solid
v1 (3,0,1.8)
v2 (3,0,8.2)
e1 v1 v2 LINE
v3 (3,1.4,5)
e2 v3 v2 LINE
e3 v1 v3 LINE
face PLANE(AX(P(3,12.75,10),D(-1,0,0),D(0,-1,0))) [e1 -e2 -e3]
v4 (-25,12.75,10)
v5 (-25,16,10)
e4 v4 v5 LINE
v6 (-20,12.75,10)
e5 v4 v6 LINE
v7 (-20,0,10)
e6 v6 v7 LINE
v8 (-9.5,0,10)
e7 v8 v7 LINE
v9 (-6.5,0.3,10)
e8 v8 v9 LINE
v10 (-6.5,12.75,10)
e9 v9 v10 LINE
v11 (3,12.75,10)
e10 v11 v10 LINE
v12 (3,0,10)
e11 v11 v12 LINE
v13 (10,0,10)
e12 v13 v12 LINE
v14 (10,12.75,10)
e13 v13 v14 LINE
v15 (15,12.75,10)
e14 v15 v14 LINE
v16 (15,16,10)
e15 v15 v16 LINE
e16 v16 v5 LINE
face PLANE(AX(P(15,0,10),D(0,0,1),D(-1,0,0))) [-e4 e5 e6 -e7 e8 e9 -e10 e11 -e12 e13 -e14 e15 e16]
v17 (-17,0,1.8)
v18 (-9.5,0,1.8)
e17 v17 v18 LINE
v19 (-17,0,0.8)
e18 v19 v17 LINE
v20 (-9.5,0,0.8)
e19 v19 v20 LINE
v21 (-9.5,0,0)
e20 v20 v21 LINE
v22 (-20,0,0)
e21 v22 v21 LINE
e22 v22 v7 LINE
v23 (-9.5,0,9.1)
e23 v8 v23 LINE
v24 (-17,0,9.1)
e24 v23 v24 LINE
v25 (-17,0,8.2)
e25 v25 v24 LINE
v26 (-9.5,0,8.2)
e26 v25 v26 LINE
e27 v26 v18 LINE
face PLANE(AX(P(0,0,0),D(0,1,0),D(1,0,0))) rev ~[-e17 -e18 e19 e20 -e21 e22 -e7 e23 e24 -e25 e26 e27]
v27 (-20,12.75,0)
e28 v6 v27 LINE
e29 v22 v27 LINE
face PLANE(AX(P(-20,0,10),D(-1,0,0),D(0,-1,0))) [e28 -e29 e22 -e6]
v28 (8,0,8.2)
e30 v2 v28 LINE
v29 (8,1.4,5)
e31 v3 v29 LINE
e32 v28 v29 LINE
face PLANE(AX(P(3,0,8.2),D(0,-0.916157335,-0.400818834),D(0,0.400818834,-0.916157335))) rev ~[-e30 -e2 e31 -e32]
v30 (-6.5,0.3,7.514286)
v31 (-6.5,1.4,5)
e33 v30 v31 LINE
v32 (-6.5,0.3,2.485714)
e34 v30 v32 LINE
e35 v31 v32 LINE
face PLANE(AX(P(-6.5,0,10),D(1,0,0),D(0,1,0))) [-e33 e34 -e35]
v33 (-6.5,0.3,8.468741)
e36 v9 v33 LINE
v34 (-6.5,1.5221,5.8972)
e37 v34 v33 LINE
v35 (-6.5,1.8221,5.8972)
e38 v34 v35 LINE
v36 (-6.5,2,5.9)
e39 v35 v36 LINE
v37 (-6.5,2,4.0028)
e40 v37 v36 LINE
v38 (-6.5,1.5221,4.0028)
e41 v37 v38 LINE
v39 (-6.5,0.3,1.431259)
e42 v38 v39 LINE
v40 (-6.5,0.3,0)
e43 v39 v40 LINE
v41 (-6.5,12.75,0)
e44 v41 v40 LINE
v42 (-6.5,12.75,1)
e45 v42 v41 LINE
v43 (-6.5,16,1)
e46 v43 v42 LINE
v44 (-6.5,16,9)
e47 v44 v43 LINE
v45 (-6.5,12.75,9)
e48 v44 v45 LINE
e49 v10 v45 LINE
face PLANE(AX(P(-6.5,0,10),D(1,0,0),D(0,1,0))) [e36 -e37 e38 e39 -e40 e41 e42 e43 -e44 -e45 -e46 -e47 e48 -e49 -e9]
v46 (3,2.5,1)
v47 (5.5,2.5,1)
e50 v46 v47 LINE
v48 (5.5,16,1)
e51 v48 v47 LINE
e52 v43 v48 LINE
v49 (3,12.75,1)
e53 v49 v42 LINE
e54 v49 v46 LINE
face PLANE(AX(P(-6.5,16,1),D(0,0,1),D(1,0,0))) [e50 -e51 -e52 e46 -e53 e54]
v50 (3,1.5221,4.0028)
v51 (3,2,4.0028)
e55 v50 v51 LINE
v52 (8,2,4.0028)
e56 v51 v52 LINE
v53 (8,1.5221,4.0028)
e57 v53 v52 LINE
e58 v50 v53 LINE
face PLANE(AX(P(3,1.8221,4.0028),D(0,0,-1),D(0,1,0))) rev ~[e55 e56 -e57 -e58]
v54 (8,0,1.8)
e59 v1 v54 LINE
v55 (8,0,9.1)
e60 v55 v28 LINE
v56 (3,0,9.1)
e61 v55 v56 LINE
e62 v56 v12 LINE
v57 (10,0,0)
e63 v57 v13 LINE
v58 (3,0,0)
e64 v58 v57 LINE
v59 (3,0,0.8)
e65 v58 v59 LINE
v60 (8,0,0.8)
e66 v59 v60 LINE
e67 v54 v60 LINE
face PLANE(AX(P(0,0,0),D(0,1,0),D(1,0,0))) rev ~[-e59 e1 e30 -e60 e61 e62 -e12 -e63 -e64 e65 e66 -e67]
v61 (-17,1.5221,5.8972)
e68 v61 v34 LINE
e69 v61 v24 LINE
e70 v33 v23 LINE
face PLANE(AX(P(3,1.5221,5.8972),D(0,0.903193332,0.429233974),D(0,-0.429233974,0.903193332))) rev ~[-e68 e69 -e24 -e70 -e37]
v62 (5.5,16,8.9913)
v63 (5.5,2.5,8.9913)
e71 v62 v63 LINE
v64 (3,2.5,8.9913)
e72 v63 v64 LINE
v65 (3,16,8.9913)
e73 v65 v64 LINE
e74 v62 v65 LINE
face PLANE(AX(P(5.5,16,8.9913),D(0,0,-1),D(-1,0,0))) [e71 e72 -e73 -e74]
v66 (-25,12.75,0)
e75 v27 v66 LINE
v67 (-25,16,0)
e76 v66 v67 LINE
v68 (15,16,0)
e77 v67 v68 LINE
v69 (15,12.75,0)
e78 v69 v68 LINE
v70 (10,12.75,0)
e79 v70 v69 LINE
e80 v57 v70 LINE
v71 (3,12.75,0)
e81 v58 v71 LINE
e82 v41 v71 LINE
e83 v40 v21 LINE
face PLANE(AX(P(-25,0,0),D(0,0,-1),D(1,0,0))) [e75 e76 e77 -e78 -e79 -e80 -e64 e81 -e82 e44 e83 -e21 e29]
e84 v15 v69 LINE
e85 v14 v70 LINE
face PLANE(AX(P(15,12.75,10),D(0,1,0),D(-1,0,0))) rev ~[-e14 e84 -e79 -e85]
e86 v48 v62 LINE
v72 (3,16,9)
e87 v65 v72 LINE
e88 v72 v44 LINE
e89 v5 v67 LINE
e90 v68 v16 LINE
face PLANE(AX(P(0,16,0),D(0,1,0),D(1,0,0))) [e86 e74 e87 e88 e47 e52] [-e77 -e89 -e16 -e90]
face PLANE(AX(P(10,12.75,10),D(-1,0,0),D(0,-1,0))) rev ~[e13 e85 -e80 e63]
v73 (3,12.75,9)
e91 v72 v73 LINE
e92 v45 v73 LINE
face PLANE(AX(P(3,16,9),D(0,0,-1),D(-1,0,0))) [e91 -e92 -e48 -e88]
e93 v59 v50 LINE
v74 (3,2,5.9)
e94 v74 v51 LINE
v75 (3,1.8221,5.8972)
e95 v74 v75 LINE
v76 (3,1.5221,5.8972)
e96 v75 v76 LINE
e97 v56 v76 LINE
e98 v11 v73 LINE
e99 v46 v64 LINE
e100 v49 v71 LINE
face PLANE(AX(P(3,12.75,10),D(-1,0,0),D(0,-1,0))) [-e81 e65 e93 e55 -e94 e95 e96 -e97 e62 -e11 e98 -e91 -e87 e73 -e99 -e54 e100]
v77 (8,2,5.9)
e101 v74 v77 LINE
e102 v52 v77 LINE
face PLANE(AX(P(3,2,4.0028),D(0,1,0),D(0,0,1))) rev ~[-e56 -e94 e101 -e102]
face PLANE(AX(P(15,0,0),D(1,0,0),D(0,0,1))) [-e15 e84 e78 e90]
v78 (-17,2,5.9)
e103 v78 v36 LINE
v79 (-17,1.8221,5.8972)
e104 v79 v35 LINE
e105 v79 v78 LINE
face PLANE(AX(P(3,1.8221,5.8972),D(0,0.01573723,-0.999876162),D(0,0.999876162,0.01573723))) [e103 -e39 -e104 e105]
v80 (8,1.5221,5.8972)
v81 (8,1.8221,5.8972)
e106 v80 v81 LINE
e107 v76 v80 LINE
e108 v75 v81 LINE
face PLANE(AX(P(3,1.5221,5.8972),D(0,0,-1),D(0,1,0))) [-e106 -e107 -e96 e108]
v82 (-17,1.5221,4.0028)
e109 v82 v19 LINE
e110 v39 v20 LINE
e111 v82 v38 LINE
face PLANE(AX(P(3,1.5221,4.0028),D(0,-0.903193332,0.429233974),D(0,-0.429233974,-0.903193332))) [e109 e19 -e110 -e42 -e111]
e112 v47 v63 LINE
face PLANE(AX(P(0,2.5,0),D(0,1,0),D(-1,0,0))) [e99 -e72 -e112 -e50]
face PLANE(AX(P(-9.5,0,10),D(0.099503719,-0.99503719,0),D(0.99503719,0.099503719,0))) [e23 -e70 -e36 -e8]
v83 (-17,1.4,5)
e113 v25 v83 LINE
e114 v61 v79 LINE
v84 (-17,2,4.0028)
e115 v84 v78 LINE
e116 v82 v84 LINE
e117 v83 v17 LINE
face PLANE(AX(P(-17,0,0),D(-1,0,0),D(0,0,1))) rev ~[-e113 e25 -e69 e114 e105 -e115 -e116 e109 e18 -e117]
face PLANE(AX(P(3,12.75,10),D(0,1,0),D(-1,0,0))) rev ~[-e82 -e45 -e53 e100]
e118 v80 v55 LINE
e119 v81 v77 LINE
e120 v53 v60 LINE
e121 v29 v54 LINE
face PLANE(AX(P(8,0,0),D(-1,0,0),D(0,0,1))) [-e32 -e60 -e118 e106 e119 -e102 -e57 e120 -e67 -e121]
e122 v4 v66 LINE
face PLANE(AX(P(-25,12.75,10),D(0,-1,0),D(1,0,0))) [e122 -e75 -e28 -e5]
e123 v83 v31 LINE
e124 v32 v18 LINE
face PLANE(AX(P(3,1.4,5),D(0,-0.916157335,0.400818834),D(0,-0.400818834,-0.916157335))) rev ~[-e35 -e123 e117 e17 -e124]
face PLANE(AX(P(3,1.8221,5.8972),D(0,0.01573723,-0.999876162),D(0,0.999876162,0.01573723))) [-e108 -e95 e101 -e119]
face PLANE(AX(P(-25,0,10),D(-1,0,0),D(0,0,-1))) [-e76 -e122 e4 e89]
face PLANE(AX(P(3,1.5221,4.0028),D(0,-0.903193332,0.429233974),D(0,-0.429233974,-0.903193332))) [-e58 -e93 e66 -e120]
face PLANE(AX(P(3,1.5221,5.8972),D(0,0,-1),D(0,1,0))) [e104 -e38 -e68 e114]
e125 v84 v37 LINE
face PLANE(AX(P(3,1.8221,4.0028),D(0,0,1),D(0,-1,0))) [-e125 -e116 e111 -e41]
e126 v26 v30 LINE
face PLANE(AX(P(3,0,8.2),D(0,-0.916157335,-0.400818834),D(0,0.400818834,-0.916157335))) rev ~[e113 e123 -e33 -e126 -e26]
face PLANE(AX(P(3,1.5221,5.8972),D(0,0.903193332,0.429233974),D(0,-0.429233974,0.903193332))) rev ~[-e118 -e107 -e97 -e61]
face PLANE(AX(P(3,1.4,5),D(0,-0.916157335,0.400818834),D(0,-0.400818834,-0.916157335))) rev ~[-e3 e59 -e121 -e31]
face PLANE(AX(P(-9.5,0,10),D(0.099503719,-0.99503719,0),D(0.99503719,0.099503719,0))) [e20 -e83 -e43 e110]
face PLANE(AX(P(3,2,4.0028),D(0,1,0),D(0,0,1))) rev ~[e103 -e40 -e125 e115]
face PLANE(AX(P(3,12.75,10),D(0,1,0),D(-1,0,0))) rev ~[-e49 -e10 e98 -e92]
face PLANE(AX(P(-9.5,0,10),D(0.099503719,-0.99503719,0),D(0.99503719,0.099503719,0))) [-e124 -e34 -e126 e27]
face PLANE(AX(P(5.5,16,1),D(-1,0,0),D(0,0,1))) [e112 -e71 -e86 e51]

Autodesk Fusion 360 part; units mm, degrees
sketch "Sketch1" plane through (0, 0, 0) normal (0, 1, 0) x (1, 0, 0)
  line L0 (-25, 0) -> (15, 0)
  line L1 (15, 0) -> (15, -10)
  line L2 (15, -10) -> (-25, -10)
  line L3 (-25, -10) -> (-25, 0)
  dimension "d1" = 40
  dimension "d2" = 10
extrude "Extrude1" add sketch "Sketch1" along normal blind 16
sketch "Sketch2" plane through (0, 16, 0) normal (0, 1, 0) x (-1, 0, 0)
  line L0 (25, 10) -> (-15, 10)
  line L1 (-15, 10) -> (-15, 0)
  line L2 (-15, 0) -> (25, 0)
  line L3 (25, 0) -> (25, 10)
  line L4 (-15, 10) -> (-3, 10)
  line L5 (-3, 10) -> (-3, 9)
  line L6 (-3, 9) -> (6.5, 9)
  line L7 (6.5, 9) -> (6.5, 1)
  line L8 (6.5, 1) -> (-3, 1)
  line L9 (-3, 1) -> (-3, 9)
  dimension "d5" = 12
  dimension "d6" = 9.5
  dimension "d7" = 8
extrude "Extrude2" cut sketch "Sketch2" against normal blind 50 contours L6 L7 L8 L9
sketch "Sketch3" plane through (0, 0, 10) normal (0, 0, 1) x (1, 0, 0)
  line L0 (-25, 0) -> (15, 0)
  line L1 (15, 0) -> (15, 16)
  line L2 (15, 16) -> (-25, 16)
  line L3 (-25, 16) -> (-25, 0)
  line L4 (15, 16) -> (3, 16)
  line L5 (3, 16) -> (3, 12.75)
  line L6 (3, 12.75) -> (-6.5, 12.75)
  line L7 (-6.5, 12.75) -> (-6.5, 16)
  line L8 (-6.5, 16) -> (3, 16)
  line L9 (3, 16) -> (3, 12.75)
  line L10 (-6.5, 12.75) -> (3, 12.75)
  line L11 (3, 12.75) -> (3, -1)
  line L12 (3, -1) -> (-6.5, -1)
  line L13 (-6.5, -1) -> (-6.5, 12.75)
  dimension "d10" = 12
  dimension "d11" = 3.25
  dimension "d12" = 9.5
extrude "Extrude3" cut sketch "Sketch3" against normal blind 50 contours L0 L6 L10 L11 L13
sketch "Sketch4" plane through (0, 0, 10) normal (0, 0, 1) x (1, 0, 0)
  line L0 (-6.5, 0) -> (-6.5, 12.75)
  line L1 (-6.5, 12.75) -> (3, 12.75)
  line L2 (3, 12.75) -> (3, 0)
  line L3 (3, 0) -> (15, 0)
  line L4 (15, 0) -> (15, 16)
  line L5 (15, 16) -> (-25, 16)
  line L6 (-25, 16) -> (-25, 0)
  line L7 (-25, 0) -> (-6.5, 0)
  line L8 (-25, 12.75) -> (-20, 12.75)
  line L9 (-20, 12.75) -> (-20, -3.5611)
  line L10 (-20, -3.5611) -> (-25, -3.5611)
  line L11 (-25, -3.5611) -> (-25, 12.75)
  line L12 (15, 12.75) -> (10, 12.75)
  line L13 (10, 12.75) -> (10, -3.5611)
  line L14 (10, -3.5611) -> (15, -3.5611)
  line L15 (15, -3.5611) -> (15, 12.75)
  dimension "d15" = 5
  dimension "d16" = 5
extrude "Extrude4" cut sketch "Sketch4" against normal blind 50 contours L7 L9 L10 L11 | L6 L7 L8 L9 L11 | L3 L4 L12 L13 L15 | L3 L13 L14 L15
sketch "Sketch5" plane through (0, 16, 0) normal (0, 1, 0) x (-1, 0, 0)
  line L0 (6.5, 9) -> (6.5, 1)
  line L1 (6.5, 1) -> (-3, 1)
  line L2 (-3, 1) -> (-3, 9)
  line L3 (-3, 9) -> (6.5, 9)
  line L4 (25, 10) -> (-15, 10)
  line L5 (-15, 10) -> (-15, 0)
  line L6 (-15, 0) -> (25, 0)
  line L7 (25, 0) -> (25, 10)
  line L8 (-3, 1) -> (-5.5, 1)
  line L9 (-5.5, 1) -> (-5.5, 8.9913)
  line L10 (-5.5, 8.9913) -> (-3, 8.9913)
  line L11 (-3, 8.9913) -> (-3, 1)
  dimension "d19" = 2.5
extrude "Extrude5" cut sketch "Sketch5" against normal blind 13.5 contours L2 L8 L9 L10 L11
sketch "Sketch6" plane through (0, 0, 10) normal (0, 0, 1) x (1, 0, 0)
  line L0 (-25, 12.75) -> (-20, 12.75)
  line L1 (-20, 12.75) -> (-20, 0)
  line L2 (-20, 0) -> (-6.5, 0)
  line L3 (-6.5, 0) -> (-6.5, 12.75)
  line L4 (-6.5, 12.75) -> (3, 12.75)
  line L5 (3, 12.75) -> (3, 0)
  line L6 (3, 0) -> (10, 0)
  line L7 (10, 0) -> (10, 12.75)
  line L8 (10, 12.75) -> (15, 12.75)
  line L9 (15, 12.75) -> (15, 16)
  line L10 (15, 16) -> (-25, 16)
  line L11 (-25, 16) -> (-25, 12.75)
  line L12 (-6.5, 0) -> (-6.5, 0.3)
  line L13 (-6.5, 0) -> (-9.5, 0)
  line L14 (-9.5, 0) -> (-6.5, 0.3)
  dimension "d22" = 0.3
  dimension "d23" = 3
extrude "Extrude6" cut sketch "Sketch6" against normal blind 50 contours L2 L3 L12 L13 L14
sketch "Sketch7" plane through (3, 0, 0) normal (-1, 0, 0) x (0, 0, 1)
  line L0 (8.9913, 16) -> (8.9913, 2.5)
  line L1 (8.9913, 2.5) -> (1, 2.5)
  line L2 (1, 2.5) -> (1, 12.75)
  line L3 (1, 12.75) -> (0, 12.75)
  line L4 (0, 12.75) -> (0, 0)
  line L5 (0, 0) -> (10, 0)
  line L6 (10, 0) -> (10, 12.75)
  line L7 (10, 12.75) -> (9, 12.75)
  line L8 (9, 12.75) -> (9, 16)
  line L9 (9, 16) -> (8.9913, 16)
  line L10 (10, 0) -> (8.2, 0)
  line L11 (8.2, 0) -> (8.85, 0)
  line L12 (8.85, 0) -> (5.6472, 1.5221)
  line L13 (8.85, 0) -> (12.3961, 0) construction
  line L14 (5.6472, 1.5221) -> (4.9972, 1.5221)
  line L15 (4.9972, 1.5221) -> (8.2, 0)
  line L16 (0, 0) -> (1.8, 0)
  line L17 (1.8, 0) -> (1.15, 0)
  line L18 (1.15, 0) -> (4.3528, 1.5221)
  line L19 (4.3528, 1.5221) -> (5.0028, 1.5221)
  line L20 (4.9972, 1.5221) -> (1.8, 0)
  line L21 (4.3528, 1.5221) -> (5.6, 1.5221)
  line L22 (5.6, 1.5221) -> (5.6, 1.7721)
  line L23 (5.6, 1.7721) -> (4.3528, 1.7721)
  line L24 (4.3528, 1.7721) -> (4.3528, 1.5221)
  dimension "d26" = 1.8
  dimension "d27" = 0.65
  dimension "d28" = 154.581
  dimension "d29" = 3.5461
  dimension "d30" = 0.65
  dimension "d31" = 1.8
  dimension "d32" = 0.65
  dimension "d33" = 3.5461
  dimension "d34" = 25.419
  dimension "d35" = 0.65
  dimension "d36" = 0.25
extrude "Extrude7" cut sketch "Sketch7" along normal blind 20 and the other way blind 5 contours L5 L10 L11 L12 L14 L15 L19 L21 | L5 L16 L17 L18 L19 L20 L21 | L14 L19 L21 L22 L23 L24
sketch "Sketch8" plane through (3, 0, 0) normal (-1, 0, 0) x (0, 0, 1)
  line L0 (5.6472, 1.5221) -> (8.85, 0)
  line L1 (8.85, 0) -> (10, 0)
  line L2 (10, 0) -> (10, 12.75)
  line L3 (10, 12.75) -> (9, 12.75)
  line L4 (9, 12.75) -> (9, 16)
  line L5 (9, 16) -> (8.9913, 16)
  line L6 (8.9913, 16) -> (8.9913, 2.5)
  line L7 (8.9913, 2.5) -> (1, 2.5)
  line L8 (1, 2.5) -> (1, 12.75)
  line L9 (1, 12.75) -> (0, 12.75)
  line L10 (0, 12.75) -> (0, 0)
  line L11 (0, 0) -> (1.15, 0)
  line L12 (1.15, 0) -> (4.3528, 1.5221)
  line L13 (4.3528, 1.5221) -> (4.3528, 1.7721)
  line L14 (4.3528, 1.7721) -> (5.6, 1.7721)
  line L15 (5.6, 1.7721) -> (5.6, 1.5221)
  line L16 (5.6, 1.5221) -> (5.6472, 1.5221)
  line L17 (5.6, 1.5221) -> (8.85, 0)
  line L18 (8.85, 0) -> (8.95, 0)
  line L19 (5.6, 1.5221) -> (5.7, 1.5221)
  line L20 (5.7, 1.5221) -> (8.95, 0)
  line L21 (1.15, 0) -> (1.05, 0)
  line L22 (1.15, 0) -> (4.3528, 1.5221)
  line L23 (4.3528, 1.5221) -> (4.2528, 1.5221)
  line L24 (4.2528, 1.5221) -> (1.05, 0)
  line L25 (4.1564, 1.7721) -> (5.7264, 1.7721)
  line L26 (5.7264, 1.7721) -> (5.7264, 1.5221)
  line L27 (5.7264, 1.5221) -> (4.1564, 1.5221)
  line L28 (4.1564, 1.5221) -> (4.1564, 1.7721)
  dimension "d41" = 0.1
  dimension "d42" = 0.1
  dimension "d43" = 0.1
  dimension "d44" = 0.25
extrude "Extrude8" cut sketch "Sketch8" along normal blind 20 and the other way blind 5 contours L0 L16 L17 L19 L27 | L15 L16 L19 L25 L26 L27 | L13 L14 L15 L25 L27 | L13 L23 L25 L27 L28 | L11 L12 L21 L22 L23 L24 L27
sketch "Sketch9" plane through (3, 0, 0) normal (-1, 0, 0) x (0, 0, 1)
  line L0 (1.05, 0) -> (4.2528, 1.5221)
  line L1 (4.2528, 1.5221) -> (4.1564, 1.5221)
  line L2 (4.1564, 1.5221) -> (4.1564, 1.7721)
  line L3 (4.1564, 1.7721) -> (5.7264, 1.7721)
  line L4 (5.7264, 1.7721) -> (5.7264, 1.5221)
  line L5 (5.7264, 1.5221) -> (5.6472, 1.5221)
  line L6 (5.6472, 1.5221) -> (8.85, 0)
  line L7 (8.85, 0) -> (10, 0)
  line L8 (10, 0) -> (10, 12.75)
  line L9 (10, 12.75) -> (9, 12.75)
  line L10 (9, 12.75) -> (9, 16)
  line L11 (9, 16) -> (8.9913, 16)
  line L12 (8.9913, 16) -> (8.9913, 2.5)
  line L13 (8.9913, 2.5) -> (1, 2.5)
  line L14 (1, 2.5) -> (1, 12.75)
  line L15 (1, 12.75) -> (0, 12.75)
  line L16 (0, 12.75) -> (0, 0)
  line L17 (0, 0) -> (1.05, 0)
  line L18 (1.05, 0) -> (0.8, 0)
  line L19 (4.2528, 1.5221) -> (4.0028, 1.5221)
  line L20 (4.0028, 1.5221) -> (0.8, 0)
  line L21 (1.05, 0) -> (4.2528, 1.5221)
  line L22 (8.85, 0) -> (9.1, 0)
  line L23 (5.6472, 1.5221) -> (5.8972, 1.5221)
  line L24 (5.8972, 1.5221) -> (9.1, 0)
  line L25 (8.85, 0) -> (5.6472, 1.5221)
  line L26 (4.0028, 1.5221) -> (5.8972, 1.5221)
  line L27 (5.8972, 1.5221) -> (5.8972, 1.8221)
  line L28 (5.8972, 1.8221) -> (4.0028, 1.8221)
  line L29 (4.0028, 1.8221) -> (4.0028, 1.5221)
  dimension "d49" = 0.25
  dimension "d50" = 0.25
  dimension "d51" = 0.25
  dimension "d52" = 0.3
extrude "Extrude9" cut sketch "Sketch9" along normal blind 20 and the other way blind 5 contours L0 L1 L17 L18 L19 L20 L21 L26 | L1 L2 L3 L4 L5 L19 L23 L26 | L2 L3 L4 L19 L23 L26 L27 L28 L29 | L5 L6 L7 L22 L23 L24 L25 L26
sketch "Sketch10" plane through (3, 0, 0) normal (-1, 0, 0) x (0, 0, 1)
  line L0 (0.8, 0) -> (4.0028, 1.5221)
  line L1 (4.0028, 1.5221) -> (4.0028, 1.8221)
  line L2 (4.0028, 1.8221) -> (5.8972, 1.8221)
  line L3 (5.8972, 1.8221) -> (5.8972, 1.5221)
  line L4 (5.8972, 1.5221) -> (9.1, 0)
  line L5 (9.1, 0) -> (10, 0)
  line L6 (10, 0) -> (10, 12.75)
  line L7 (10, 12.75) -> (9, 12.75)
  line L8 (9, 12.75) -> (9, 16)
  line L9 (9, 16) -> (8.9913, 16)
  line L10 (8.9913, 16) -> (8.9913, 2.5)
  line L11 (8.9913, 2.5) -> (1, 2.5)
  line L12 (1, 2.5) -> (1, 12.75)
  line L13 (1, 12.75) -> (0, 12.75)
  line L14 (0, 12.75) -> (0, 0)
  line L15 (0, 0) -> (0.8, 0)
  line L16 (1.8, 0) -> (5, 1.4019)
  line L17 (1.8, 0) -> (5.2936, 0) construction
  line L18 (8.2, 0) -> (5, 1.4019)
  line L19 (8.2, 0) -> (11.6936, 0) construction
  line L20 (8.2, 0) -> (8.2, 0.2)
  line L21 (8.2, 0.2) -> (4.9, 1.7)
  line L22 (4.9, 1.7) -> (1.4, 0)
  line L23 (1.4, 0) -> (1.8, 0)
  line L24 (4.0028, 1.8221) -> (4.0028, 2)
  line L25 (4.0028, 2) -> (5.9, 2)
  line L26 (5.8972, 1.8221) -> (5.9, 2)
  line L27 (5.8972, 1.8221) -> (4.0028, 1.8221)
  dimension "d57" = 23.658
  dimension "d58" = 3.4936
  dimension "d59" = 156.342
  dimension "d60" = 3.4936
sketch "Sketch11" plane through (3, 0, 0) normal (-1, 0, 0) x (0, 0, 1)
sketch "Sketch12" plane through (3, 0, 0) normal (-1, 0, 0) x (0, 0, 1)
  line L0 (8.2, 0) -> (4.9972, 1.5221)
  line L1 (4.9972, 1.5221) -> (1.8, 0)
  line L2 (1.8, 0) -> (8.2, 0)
  line L3 (1.8, 0) -> (4.9972, 1.5221)
  line L4 (4.9972, 1.5221) -> (8.2, 0)
  line L5 (8.2, 0) -> (5, 1.4)
  line L6 (5, 1.4) -> (1.8, 0)
extrude "Extrude10" cut sketch "Sketch10" sketch "Sketch12" along normal blind 20 and the other way blind 5 contours L2 L24 L25 L26 L27 of sketch 2 contours L0 L1 L3 L4 L5 L6
